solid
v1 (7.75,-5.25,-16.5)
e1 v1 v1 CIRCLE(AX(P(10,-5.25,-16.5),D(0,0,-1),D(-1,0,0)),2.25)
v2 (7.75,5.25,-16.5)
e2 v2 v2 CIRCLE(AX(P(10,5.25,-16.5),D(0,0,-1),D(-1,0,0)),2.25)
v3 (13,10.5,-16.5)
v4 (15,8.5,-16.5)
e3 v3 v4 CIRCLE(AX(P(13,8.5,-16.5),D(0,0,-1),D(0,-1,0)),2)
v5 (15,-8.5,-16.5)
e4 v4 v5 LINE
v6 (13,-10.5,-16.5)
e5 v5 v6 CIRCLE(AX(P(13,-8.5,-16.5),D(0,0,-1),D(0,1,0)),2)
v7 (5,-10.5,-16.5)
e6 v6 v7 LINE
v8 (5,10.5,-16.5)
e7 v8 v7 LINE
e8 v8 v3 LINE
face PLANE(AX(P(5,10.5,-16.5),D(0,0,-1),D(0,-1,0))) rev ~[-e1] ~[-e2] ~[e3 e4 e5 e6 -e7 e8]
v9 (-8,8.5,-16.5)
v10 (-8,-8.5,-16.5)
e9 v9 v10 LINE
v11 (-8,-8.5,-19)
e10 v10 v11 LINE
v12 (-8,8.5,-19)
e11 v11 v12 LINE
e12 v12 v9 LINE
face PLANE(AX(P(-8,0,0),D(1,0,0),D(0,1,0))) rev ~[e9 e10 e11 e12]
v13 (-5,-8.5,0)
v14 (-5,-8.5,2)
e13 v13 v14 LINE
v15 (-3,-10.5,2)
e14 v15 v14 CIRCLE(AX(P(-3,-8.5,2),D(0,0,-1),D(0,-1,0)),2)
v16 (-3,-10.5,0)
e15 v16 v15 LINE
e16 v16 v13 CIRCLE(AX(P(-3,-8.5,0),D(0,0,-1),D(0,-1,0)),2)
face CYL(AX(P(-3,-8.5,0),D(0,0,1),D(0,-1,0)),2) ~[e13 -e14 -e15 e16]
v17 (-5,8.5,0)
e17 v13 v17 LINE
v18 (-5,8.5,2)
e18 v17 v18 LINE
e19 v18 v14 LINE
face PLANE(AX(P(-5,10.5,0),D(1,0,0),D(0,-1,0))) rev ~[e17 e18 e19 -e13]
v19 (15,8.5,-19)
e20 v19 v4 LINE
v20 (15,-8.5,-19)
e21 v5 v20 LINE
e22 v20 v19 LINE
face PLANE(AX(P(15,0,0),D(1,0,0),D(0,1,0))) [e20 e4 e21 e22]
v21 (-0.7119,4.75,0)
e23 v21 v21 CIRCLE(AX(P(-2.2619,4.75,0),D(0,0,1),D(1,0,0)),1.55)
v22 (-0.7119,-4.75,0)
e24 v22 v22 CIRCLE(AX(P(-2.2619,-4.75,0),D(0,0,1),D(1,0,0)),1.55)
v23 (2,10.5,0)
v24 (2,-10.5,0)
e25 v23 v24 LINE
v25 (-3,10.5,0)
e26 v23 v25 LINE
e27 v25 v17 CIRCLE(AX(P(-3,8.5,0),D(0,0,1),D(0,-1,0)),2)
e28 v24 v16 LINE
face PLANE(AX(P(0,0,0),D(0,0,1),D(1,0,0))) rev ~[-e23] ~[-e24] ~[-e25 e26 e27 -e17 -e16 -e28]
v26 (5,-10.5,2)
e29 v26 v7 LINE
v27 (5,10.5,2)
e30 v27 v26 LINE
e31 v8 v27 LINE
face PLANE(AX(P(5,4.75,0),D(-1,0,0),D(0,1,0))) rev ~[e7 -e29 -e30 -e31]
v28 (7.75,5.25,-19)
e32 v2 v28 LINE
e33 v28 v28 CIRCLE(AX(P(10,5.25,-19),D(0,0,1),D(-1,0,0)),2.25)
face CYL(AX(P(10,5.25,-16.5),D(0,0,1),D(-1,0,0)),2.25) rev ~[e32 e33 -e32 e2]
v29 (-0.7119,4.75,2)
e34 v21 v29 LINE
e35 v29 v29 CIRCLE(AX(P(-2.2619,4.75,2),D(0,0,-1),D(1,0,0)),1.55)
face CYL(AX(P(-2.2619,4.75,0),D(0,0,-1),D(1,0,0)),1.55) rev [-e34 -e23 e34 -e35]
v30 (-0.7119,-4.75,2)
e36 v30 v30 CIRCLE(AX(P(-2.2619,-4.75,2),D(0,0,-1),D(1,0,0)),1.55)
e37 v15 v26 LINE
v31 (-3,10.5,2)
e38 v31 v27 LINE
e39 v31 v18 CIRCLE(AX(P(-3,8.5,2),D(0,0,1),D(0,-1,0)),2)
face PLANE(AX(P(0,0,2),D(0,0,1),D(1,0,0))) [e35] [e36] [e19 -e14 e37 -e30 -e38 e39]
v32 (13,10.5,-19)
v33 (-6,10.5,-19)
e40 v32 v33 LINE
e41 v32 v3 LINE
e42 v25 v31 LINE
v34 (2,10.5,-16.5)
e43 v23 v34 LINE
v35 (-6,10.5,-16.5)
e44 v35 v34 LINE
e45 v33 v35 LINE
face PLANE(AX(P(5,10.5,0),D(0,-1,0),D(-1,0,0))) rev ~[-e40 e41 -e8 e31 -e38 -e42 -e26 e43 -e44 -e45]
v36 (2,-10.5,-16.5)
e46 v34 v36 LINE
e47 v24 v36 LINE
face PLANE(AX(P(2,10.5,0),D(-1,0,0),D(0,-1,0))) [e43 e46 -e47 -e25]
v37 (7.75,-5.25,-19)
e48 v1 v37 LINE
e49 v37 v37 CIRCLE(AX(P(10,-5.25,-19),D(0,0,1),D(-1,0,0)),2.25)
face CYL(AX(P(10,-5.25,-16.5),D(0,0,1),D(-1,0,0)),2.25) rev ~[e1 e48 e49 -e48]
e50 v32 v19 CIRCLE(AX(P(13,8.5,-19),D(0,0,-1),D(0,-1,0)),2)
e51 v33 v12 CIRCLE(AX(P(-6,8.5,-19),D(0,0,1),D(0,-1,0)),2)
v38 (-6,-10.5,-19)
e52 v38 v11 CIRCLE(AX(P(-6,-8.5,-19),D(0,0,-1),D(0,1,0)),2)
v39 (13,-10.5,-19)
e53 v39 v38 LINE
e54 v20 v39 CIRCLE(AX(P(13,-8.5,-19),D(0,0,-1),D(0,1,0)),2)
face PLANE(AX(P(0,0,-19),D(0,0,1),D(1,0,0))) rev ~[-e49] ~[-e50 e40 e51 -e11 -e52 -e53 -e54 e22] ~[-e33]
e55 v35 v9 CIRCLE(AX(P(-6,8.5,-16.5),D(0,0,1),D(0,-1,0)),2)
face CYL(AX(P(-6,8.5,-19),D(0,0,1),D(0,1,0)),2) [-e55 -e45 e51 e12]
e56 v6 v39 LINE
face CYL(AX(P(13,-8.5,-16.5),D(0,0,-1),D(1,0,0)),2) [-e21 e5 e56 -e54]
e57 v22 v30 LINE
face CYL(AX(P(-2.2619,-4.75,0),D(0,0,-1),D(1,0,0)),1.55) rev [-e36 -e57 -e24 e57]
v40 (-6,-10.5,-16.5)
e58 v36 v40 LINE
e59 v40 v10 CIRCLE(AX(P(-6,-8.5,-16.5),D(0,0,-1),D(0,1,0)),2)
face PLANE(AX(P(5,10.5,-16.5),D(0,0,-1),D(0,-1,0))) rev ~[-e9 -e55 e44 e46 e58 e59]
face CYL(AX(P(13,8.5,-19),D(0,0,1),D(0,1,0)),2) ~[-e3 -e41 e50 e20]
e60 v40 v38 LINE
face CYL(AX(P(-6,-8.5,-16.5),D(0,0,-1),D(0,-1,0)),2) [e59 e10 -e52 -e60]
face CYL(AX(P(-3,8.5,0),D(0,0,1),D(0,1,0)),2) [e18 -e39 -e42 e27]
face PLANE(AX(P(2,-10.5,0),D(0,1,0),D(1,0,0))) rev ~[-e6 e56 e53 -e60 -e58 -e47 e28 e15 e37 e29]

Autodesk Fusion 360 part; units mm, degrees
sketch "Sketch1" plane through (0, 0, 0) normal (0, 0, 1) x (1, 0, 0)
  line L0 (5, 10.5) -> (-5, 10.5)
  line L1 (-5, 10.5) -> (-5, -10.5)
  line L2 (-5, -10.5) -> (5, -10.5)
  line L3 (5, -10.5) -> (5, 10.5)
  line L4 (5, 10.5) -> (-5, -10.5) construction
  line L5 (-5, 10.5) -> (5, -10.5) construction
  line L6 (5, -4.75) -> (-5, -4.75)
  line L7 (-5, -4.75) -> (-5, 4.75)
  line L8 (-5, 4.75) -> (5, 4.75)
  line L9 (5, 4.75) -> (5, -4.75)
  line L10 (5, -4.75) -> (-5, 4.75) construction
  line L11 (-5, -4.75) -> (5, 4.75) construction
  circle A0 centre (-2.2619, 4.75) radius 1.55
  circle A1 centre (-2.2619, -4.75) radius 1.55
  line L12 (5, 10.5) -> (2, 10.5)
  line L13 (2, 10.5) -> (2, -10.5)
  line L14 (2, -10.5) -> (5, -10.5)
  line L15 (5, -10.5) -> (5, 10.5)
  dimension "d1" = 10
  dimension "d2" = 21
  dimension "d3" = 10
  dimension "d4" = 9.5
  dimension "d5" = 3.1
  dimension "d6" = 3.1
  dimension "d7" = 3
extrude "Extrude1" add sketch "Sketch1" along normal blind 2 contours L0 L3 L8 L12 L13 L15 | L0 L1 L8 A0 L13 | L3 L6 L8 L9 L13 L15 | L1 L6 L7 L8 A0 A1 L13 | L2 L3 L6 L13 L14 L15 | L1 L2 L6 A1 L13
extrude "Extrude2" add sketch "Sketch1" against normal blind 19 contours L0 L3 L8 L12 L13 L15 | L3 L6 L8 L9 L13 L15 | L2 L3 L6 L13 L14 L15
sketch "Sketch2" plane through (5, 0, 0) normal (1, 0, 0) x (0, 1, 0)
  line L0 (10.5, -19) -> (10.5, 2)
  line L1 (10.5, 2) -> (-10.5, 2)
  line L2 (-10.5, 2) -> (-10.5, -19)
  line L3 (-10.5, -19) -> (10.5, -19)
  line L4 (-10.5, -19) -> (10.5, -19)
  line L5 (10.5, -19) -> (10.5, -16.5)
  line L6 (10.5, -16.5) -> (-10.5, -16.5)
  line L7 (-10.5, -16.5) -> (-10.5, -19)
  dimension "d12" = 2.5
extrude "Extrude3" add sketch "Sketch2" along normal blind 10 and the other way blind 13 contours L0 L2 L3 L4 L5 L6 L7
sketch "Sketch3" plane through (0, 0, -16.5) normal (0, 0, 1) x (-1, 0, 0)
  line L0 (-5, -10.5) -> (-5, 10.5)
  line L1 (-5, 10.5) -> (-15, 10.5)
  line L2 (-15, 10.5) -> (-15, -10.5)
  line L3 (-15, -10.5) -> (-5, -10.5)
  line L4 (-10, -10.5) -> (-10, 10.5)
  line L5 (-15, 0) -> (-5, 0)
  line L6 (-10, 0) -> (-10, -10.5)
  circle A0 centre (-10, -5.25) radius 2.25
  line L7 (-10, 0) -> (-10, 10.5)
  circle A1 centre (-10, 5.25) radius 2.25
  dimension "d17" = 4.5
  dimension "d18" = 4.5
fillet "Fillet1" radius 2 6 edges at (15, -10.5, -17.75) (15, 10.5, -17.75) (-8, -10.5, -17.75) (-5, -10.5, 1) (-5, 10.5, 1) (-8, 10.5, -17.75)
extrude "Extrude4" cut sketch "Sketch3" against normal blind 7 contours L4 L6 A0 | L4 L6 A0 | L4 L7 A1 | L4 L7 A1
